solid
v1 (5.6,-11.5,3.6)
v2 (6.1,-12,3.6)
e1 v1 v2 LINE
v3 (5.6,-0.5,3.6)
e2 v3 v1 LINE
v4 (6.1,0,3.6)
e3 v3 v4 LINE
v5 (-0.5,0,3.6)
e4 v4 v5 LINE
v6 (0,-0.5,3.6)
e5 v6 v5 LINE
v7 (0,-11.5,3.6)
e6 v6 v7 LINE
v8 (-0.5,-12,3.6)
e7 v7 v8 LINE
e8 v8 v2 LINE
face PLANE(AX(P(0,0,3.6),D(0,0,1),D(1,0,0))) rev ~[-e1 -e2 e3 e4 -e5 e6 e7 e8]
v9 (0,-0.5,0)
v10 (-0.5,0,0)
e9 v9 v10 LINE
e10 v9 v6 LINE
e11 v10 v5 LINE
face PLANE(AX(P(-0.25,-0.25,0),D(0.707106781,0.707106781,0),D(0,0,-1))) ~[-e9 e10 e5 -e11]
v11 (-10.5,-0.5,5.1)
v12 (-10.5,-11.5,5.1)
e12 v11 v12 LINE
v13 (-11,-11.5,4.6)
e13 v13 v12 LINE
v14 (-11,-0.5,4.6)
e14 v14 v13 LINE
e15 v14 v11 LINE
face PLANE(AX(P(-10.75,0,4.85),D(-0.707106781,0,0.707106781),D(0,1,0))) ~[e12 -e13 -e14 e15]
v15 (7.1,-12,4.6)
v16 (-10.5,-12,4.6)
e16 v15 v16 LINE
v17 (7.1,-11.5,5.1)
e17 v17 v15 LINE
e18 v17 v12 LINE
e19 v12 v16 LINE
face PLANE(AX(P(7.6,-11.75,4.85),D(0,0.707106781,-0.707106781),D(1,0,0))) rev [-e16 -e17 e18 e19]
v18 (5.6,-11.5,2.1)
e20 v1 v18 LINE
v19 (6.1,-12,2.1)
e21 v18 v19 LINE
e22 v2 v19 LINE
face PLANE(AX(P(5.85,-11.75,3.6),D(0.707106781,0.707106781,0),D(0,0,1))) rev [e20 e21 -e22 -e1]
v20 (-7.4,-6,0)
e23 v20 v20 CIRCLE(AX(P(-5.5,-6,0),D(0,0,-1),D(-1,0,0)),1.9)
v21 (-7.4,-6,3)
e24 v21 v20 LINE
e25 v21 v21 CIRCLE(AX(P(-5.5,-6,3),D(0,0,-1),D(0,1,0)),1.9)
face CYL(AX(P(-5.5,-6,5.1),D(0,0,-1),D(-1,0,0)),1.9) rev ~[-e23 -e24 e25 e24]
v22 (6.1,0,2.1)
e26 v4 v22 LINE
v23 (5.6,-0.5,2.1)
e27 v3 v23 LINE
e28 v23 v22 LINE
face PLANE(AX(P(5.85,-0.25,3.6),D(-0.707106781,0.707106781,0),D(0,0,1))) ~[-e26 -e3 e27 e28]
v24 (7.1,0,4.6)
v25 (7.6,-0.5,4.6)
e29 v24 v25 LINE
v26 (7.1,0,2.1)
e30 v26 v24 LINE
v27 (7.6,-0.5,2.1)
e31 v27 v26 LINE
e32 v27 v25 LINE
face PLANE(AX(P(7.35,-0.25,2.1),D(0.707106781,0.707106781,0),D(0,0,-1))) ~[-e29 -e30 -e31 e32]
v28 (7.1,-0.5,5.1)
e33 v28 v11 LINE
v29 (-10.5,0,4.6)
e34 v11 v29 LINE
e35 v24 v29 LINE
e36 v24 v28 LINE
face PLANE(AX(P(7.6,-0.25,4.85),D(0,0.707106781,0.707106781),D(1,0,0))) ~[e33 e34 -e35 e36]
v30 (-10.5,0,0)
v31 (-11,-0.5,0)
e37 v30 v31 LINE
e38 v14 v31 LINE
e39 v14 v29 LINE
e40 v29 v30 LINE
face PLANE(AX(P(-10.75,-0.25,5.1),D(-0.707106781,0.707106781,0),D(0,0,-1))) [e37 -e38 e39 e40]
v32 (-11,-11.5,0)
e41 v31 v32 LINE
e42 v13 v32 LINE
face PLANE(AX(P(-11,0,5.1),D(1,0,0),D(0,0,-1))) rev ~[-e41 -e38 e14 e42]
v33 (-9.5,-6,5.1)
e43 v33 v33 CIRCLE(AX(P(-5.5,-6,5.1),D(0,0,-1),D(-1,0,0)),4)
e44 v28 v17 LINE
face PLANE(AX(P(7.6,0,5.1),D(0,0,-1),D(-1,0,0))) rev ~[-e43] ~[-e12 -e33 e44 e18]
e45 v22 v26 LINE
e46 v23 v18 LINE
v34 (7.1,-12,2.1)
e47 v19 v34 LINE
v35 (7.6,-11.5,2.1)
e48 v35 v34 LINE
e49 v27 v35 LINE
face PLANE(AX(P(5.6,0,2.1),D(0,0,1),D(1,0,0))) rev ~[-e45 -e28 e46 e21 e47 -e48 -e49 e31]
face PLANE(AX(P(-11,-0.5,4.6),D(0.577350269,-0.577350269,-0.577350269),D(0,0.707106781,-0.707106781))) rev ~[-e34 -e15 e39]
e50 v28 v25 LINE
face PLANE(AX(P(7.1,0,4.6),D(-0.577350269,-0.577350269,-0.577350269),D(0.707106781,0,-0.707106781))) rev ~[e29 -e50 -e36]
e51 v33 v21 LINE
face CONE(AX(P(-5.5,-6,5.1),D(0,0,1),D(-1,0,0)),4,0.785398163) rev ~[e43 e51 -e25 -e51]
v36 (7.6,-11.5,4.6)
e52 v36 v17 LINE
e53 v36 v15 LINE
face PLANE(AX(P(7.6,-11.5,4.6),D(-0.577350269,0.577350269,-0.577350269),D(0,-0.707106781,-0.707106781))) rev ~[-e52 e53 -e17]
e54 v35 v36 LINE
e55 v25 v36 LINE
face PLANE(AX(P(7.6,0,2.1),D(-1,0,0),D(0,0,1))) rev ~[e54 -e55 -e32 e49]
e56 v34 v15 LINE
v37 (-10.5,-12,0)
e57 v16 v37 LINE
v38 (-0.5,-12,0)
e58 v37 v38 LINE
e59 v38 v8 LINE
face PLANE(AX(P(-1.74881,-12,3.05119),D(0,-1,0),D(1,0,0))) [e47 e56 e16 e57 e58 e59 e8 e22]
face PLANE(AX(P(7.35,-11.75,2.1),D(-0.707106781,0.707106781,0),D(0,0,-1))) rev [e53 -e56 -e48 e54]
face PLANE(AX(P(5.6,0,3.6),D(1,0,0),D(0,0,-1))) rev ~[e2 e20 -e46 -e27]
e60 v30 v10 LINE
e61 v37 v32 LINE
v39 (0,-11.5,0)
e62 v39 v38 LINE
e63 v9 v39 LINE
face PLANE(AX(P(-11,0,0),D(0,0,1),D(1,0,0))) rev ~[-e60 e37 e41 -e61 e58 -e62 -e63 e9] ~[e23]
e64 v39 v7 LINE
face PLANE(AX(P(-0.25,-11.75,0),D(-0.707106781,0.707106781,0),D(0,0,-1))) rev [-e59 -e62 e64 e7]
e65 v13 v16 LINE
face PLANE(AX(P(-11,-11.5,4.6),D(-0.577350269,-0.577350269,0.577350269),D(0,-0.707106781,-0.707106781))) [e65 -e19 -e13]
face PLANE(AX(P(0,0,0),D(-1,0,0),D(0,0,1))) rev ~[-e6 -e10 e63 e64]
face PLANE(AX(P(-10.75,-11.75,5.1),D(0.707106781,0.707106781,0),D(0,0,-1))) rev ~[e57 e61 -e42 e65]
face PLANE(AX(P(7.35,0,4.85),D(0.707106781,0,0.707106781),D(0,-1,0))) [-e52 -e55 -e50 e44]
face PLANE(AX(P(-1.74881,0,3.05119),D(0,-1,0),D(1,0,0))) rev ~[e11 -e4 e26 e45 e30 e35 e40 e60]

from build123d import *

# Parameters (mm, degrees)
F1_DEPTH       = 12
F4_D           = 3.8
F4_DEPTH       = 40
F4_CSINK_D     = 8
F4_CSINK_ANGLE = 90
F5_SIZE        = 0.5


with BuildPart() as f1:
    # F0 (on Front) → F1 (new body)
    with BuildSketch(Plane.XZ):
        Polygon((-11, 0), (0, 0), (0, 3.6), (5.6, 3.6), (5.6, 2.1), (7.6, 2.1), (7.6, 5.1), (-11, 5.1), align=None)
    extrude(amount=F1_DEPTH)

    # F4
    with Locations(Plane.XY.offset(5.1)):
        with Locations((-5.5, -6)):
            CounterSinkHole(F4_D / 2, F4_CSINK_D / 2, depth=F4_DEPTH, counter_sink_angle=F4_CSINK_ANGLE)

    # F5
    f5_edges = [f1.edges().sort_by_distance(p)[0] for p in [
        (-1.7, -12, 5.1),
        (7.6, -6, 5.1),
        (-1.7, 0, 5.1),
        (-11, -6, 5.1),
        (-11, -12, 2.55),
        (-11, 0, 2.55),
        (7.6, 0, 3.6),
        (7.6, -12, 3.6),
        (0, -12, 1.8),
        (5.6, -12, 2.85),
        (0, 0, 1.8),
        (5.6, 0, 2.85),
    ]]
    chamfer(f5_edges, length=F5_SIZE)


solid = f1.part
